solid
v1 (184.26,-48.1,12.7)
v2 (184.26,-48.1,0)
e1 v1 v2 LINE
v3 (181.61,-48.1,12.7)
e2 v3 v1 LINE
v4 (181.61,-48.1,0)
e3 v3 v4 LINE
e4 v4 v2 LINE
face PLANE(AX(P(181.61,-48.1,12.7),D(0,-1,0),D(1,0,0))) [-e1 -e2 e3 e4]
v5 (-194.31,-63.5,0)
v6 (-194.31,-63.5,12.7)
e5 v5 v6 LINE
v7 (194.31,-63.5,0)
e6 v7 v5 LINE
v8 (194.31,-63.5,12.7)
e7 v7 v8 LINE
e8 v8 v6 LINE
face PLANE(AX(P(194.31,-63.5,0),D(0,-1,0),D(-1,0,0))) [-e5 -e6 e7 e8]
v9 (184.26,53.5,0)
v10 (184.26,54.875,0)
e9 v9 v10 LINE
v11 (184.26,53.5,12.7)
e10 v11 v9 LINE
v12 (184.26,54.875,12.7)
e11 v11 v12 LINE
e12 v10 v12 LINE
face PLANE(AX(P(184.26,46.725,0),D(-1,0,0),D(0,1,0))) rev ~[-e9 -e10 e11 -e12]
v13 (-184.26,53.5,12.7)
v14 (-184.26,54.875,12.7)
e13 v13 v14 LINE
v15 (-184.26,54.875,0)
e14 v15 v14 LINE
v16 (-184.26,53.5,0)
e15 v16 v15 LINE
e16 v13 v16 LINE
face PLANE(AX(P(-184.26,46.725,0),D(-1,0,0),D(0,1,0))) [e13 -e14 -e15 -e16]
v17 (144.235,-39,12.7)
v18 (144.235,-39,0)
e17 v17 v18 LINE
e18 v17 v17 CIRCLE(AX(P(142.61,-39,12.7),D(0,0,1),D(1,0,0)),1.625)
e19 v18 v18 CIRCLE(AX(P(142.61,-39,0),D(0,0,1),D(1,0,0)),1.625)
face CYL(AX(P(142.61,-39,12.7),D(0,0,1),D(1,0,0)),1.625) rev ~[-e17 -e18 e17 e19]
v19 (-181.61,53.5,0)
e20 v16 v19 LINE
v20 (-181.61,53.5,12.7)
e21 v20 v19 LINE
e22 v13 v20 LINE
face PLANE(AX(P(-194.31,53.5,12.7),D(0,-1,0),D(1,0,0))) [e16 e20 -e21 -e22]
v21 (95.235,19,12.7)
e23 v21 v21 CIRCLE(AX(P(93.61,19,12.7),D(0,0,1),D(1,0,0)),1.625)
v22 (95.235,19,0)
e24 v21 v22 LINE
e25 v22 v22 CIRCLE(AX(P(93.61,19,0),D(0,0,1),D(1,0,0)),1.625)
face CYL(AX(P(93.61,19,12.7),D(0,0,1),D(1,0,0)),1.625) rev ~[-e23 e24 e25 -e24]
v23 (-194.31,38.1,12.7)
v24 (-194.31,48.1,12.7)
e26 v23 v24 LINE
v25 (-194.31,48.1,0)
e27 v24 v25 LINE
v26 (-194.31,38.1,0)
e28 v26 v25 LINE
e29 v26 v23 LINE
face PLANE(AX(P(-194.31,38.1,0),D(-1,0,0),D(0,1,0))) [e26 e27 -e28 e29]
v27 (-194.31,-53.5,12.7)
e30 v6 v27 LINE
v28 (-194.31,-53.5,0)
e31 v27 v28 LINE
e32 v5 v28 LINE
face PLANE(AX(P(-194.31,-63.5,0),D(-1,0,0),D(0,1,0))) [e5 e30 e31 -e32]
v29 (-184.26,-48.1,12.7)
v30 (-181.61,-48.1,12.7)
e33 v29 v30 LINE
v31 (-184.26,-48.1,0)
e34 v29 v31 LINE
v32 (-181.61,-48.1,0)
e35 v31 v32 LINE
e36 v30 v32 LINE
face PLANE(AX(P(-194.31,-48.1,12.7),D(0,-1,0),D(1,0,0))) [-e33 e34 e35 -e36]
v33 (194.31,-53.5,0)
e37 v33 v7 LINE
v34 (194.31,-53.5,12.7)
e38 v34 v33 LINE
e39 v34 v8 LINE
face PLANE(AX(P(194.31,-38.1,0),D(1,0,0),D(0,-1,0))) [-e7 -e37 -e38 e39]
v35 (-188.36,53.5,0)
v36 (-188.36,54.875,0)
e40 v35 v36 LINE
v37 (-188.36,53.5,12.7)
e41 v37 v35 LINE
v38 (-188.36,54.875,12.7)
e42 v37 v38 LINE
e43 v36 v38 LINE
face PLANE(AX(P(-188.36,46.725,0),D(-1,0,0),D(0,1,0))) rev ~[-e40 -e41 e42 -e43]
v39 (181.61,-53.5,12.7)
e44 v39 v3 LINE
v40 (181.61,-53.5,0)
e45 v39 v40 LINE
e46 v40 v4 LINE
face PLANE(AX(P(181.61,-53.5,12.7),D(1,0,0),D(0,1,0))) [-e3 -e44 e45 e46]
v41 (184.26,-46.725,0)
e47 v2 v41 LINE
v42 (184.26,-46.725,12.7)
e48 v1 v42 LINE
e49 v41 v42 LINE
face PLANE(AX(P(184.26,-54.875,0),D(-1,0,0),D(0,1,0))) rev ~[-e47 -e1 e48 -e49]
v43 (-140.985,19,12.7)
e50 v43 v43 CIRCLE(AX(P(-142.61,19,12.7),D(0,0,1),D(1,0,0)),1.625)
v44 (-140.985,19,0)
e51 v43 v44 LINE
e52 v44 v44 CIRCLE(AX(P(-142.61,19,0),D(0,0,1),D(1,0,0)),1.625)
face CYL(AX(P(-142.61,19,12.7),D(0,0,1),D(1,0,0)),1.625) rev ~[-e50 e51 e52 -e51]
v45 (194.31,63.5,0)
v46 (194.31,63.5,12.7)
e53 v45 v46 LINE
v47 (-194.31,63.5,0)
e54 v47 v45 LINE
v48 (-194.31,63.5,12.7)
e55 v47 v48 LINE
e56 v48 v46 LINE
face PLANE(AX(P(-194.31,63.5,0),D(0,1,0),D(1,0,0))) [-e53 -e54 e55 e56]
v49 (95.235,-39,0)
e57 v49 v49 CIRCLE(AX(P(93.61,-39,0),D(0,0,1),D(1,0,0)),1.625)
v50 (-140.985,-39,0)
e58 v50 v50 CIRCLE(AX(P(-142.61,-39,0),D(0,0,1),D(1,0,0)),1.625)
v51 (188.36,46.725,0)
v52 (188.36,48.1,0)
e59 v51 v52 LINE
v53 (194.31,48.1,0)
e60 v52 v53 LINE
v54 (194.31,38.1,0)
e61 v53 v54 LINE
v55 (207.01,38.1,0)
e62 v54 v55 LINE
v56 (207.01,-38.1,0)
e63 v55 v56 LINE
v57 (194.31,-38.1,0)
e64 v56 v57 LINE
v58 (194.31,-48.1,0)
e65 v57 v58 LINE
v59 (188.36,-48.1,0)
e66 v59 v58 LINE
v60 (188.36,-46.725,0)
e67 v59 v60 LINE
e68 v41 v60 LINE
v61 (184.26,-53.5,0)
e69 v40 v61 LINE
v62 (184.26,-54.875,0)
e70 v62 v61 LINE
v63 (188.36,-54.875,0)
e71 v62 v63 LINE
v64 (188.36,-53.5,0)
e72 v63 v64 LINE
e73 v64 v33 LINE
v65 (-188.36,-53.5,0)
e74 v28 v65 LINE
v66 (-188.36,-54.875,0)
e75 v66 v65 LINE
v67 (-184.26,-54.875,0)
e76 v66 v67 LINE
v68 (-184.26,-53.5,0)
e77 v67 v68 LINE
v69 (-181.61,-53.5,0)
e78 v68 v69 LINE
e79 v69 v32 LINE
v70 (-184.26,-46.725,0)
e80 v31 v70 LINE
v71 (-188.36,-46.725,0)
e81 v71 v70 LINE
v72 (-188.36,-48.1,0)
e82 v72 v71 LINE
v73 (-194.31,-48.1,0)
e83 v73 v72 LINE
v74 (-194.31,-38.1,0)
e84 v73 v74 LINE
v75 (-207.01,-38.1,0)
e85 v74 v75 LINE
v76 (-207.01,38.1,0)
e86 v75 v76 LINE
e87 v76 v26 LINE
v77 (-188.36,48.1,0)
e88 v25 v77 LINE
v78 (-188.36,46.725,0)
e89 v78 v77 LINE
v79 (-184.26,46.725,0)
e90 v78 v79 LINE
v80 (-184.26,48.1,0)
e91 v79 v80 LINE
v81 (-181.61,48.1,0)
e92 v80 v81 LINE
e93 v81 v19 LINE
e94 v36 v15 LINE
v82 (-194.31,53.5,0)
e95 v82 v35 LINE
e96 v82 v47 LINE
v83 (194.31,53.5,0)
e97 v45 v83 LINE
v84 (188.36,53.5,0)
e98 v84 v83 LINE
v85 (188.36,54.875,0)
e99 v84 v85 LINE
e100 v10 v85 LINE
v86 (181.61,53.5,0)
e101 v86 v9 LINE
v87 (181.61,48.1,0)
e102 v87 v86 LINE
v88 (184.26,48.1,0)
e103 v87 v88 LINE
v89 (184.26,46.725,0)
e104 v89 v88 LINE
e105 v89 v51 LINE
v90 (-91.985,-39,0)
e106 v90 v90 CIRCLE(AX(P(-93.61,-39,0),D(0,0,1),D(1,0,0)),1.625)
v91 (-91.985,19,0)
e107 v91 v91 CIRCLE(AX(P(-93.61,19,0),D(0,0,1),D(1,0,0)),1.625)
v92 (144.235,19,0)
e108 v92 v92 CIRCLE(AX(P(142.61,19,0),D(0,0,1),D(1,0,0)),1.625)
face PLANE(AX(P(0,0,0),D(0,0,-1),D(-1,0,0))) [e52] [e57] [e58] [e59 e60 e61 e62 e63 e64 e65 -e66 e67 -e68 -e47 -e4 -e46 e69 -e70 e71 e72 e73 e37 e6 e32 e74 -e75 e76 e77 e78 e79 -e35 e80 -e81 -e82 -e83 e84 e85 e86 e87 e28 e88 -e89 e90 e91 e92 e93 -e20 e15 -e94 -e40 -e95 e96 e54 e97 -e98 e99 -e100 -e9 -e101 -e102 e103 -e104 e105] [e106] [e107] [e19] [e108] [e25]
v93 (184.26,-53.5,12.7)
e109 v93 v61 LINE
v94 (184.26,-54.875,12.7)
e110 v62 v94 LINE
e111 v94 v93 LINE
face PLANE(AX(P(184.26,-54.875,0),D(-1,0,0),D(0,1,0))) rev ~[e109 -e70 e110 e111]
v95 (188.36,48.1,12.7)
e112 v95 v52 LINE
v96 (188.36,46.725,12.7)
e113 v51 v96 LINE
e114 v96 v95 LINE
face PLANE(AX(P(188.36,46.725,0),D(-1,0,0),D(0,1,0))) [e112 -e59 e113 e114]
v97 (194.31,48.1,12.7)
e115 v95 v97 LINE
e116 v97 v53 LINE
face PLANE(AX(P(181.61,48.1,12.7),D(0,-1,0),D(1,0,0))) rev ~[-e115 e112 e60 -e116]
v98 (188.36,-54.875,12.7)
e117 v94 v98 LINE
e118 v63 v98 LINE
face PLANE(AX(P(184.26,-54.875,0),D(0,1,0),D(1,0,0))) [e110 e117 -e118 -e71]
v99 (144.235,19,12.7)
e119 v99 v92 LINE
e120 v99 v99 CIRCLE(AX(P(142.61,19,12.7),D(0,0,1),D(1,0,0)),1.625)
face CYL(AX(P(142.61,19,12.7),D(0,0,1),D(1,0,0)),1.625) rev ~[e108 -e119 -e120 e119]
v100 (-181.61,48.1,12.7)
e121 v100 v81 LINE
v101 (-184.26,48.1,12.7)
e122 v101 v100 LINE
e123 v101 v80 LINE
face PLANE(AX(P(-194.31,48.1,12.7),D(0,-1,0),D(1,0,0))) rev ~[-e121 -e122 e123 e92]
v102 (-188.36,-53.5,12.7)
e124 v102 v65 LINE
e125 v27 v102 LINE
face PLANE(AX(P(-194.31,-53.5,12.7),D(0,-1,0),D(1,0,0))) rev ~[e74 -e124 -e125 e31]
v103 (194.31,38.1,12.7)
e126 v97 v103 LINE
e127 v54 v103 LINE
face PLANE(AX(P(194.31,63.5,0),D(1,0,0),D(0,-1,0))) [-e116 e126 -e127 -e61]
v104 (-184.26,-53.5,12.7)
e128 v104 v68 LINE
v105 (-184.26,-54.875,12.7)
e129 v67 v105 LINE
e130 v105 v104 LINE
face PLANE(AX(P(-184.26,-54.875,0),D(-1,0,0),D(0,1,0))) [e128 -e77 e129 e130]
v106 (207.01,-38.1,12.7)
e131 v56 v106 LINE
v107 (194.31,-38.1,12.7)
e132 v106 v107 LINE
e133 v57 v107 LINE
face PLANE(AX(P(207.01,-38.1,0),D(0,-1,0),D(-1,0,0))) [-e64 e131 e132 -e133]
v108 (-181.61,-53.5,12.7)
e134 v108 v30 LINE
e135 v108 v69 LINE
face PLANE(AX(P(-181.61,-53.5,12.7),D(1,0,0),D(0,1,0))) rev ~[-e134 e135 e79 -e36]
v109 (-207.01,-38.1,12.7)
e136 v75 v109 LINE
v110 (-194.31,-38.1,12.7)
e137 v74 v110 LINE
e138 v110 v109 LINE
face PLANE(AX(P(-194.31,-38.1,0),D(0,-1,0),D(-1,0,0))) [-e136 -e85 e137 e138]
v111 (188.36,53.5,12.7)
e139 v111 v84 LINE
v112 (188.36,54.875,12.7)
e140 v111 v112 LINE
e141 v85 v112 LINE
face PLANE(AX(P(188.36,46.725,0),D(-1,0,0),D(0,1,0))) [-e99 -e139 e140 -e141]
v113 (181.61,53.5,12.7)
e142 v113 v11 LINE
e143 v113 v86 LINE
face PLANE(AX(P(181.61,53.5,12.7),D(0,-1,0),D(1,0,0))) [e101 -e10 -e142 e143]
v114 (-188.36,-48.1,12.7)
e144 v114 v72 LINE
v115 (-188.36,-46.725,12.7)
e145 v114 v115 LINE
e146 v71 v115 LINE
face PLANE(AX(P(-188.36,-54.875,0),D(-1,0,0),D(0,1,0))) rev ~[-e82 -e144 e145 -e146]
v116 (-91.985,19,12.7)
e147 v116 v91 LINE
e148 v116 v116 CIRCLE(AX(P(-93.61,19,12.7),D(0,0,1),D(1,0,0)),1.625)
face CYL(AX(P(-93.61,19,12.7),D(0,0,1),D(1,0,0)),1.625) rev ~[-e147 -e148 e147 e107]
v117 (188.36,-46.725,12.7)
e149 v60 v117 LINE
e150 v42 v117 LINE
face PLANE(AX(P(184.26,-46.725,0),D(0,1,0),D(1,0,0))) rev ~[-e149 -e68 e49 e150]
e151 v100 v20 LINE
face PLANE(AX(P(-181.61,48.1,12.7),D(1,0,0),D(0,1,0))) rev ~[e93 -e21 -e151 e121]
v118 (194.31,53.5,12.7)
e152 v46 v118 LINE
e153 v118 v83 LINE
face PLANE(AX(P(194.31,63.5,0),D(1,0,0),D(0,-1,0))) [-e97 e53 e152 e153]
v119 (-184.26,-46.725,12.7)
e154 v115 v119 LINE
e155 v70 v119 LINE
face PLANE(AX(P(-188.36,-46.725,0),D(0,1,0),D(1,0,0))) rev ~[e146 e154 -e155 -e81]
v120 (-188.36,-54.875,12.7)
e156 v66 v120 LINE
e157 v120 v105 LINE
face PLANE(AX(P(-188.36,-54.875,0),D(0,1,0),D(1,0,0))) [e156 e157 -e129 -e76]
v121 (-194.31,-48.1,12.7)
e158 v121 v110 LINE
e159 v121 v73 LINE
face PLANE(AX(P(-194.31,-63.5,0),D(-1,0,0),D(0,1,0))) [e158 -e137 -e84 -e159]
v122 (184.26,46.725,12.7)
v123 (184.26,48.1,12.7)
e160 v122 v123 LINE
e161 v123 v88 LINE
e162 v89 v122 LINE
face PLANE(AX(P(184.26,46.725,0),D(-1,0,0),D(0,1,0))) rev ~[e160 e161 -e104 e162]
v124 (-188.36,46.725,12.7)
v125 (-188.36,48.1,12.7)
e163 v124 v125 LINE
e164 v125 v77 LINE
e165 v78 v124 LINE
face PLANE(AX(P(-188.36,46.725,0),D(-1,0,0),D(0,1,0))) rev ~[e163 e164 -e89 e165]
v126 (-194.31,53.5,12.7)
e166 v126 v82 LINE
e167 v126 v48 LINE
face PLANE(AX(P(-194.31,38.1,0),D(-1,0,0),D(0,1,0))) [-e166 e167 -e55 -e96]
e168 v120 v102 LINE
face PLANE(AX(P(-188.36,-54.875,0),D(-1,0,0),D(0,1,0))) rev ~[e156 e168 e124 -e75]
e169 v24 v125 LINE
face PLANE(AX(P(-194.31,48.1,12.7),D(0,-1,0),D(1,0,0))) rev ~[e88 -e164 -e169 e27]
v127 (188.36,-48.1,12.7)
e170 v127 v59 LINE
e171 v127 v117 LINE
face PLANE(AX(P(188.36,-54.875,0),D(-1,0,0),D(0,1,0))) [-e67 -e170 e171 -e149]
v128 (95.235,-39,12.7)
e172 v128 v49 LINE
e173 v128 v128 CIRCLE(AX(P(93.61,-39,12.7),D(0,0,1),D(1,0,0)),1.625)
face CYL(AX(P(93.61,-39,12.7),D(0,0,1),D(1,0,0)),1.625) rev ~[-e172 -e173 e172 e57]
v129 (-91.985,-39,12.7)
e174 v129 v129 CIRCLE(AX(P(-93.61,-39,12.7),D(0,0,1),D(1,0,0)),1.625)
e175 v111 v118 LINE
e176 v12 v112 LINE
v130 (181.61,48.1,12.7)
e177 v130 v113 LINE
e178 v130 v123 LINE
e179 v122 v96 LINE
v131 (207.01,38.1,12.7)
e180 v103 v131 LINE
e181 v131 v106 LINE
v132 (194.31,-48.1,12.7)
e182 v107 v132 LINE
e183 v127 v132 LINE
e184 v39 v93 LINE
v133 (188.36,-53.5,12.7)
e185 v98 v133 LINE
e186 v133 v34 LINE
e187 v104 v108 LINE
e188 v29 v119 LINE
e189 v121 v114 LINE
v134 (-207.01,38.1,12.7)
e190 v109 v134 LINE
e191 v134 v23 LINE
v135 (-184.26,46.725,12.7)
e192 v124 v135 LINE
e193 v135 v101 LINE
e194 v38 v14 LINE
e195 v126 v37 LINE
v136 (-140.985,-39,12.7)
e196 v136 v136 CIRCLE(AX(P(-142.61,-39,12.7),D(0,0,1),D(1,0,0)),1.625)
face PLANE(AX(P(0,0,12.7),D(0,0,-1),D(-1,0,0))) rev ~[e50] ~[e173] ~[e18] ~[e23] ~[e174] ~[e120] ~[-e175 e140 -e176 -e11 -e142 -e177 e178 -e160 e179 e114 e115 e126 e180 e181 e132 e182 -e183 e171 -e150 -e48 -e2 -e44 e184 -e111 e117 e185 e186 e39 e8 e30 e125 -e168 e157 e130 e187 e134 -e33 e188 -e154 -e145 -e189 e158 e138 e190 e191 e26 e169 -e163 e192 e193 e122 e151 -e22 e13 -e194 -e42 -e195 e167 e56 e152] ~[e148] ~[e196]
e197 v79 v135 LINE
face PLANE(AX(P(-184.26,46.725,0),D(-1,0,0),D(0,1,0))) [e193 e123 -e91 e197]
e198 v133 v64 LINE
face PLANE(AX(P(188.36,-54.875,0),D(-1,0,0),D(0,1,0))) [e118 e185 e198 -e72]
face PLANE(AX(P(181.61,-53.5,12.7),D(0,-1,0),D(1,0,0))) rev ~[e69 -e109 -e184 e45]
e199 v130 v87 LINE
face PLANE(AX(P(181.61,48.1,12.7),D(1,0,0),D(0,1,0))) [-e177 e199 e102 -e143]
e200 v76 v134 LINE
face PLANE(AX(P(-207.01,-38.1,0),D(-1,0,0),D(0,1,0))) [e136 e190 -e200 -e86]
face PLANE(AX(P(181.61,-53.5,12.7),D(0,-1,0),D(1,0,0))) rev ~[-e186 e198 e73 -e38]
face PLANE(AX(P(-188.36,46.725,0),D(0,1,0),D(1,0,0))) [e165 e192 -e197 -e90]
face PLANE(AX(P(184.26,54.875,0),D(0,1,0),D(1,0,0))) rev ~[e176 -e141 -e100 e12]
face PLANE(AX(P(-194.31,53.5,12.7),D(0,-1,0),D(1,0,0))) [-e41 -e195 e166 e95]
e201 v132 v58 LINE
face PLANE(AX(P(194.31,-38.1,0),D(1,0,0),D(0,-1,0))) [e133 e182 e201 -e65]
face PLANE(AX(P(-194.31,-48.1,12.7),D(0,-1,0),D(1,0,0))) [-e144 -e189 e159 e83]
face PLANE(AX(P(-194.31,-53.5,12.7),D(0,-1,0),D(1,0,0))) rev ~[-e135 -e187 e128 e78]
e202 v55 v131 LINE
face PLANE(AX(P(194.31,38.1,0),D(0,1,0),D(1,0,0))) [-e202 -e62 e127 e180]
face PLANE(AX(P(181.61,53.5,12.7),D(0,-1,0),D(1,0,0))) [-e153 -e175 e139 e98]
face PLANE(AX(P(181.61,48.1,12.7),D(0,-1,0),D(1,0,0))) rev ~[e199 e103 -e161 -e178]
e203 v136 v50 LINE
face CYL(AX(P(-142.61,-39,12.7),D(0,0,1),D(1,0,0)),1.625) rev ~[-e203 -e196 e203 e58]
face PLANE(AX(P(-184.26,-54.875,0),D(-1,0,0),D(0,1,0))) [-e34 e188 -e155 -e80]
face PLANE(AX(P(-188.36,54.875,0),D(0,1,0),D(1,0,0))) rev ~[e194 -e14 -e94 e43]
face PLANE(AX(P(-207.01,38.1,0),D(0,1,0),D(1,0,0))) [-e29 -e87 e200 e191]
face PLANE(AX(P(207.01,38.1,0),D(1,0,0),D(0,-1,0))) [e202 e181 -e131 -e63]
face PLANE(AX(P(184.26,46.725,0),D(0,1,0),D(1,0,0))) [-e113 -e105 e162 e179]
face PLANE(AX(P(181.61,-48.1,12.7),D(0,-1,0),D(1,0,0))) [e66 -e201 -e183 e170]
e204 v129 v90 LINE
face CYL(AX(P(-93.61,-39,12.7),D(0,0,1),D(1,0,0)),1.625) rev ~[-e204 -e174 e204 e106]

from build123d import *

# Parameters (mm, degrees)
BOSS_EXTRUDE1_DEPTH     = 12.7
M5_SHAFT_REACH          = 14.7
SKETCH2_W               = 12.7
SKETCH2_H               = 5.400000122
M5_START                = -12.7
SKETCH3_W               = 4.1
SKETCH3_H               = 8.15
M5_NUT_DEPTH            = 12.7
RASBERRY_PI_HOLES_REACH = 14.7
SKETCH5_R               = 1.625


with BuildPart() as part:
    # Sketch1 → Boss-Extrude1 (new body)
    with BuildSketch(Plane.XY):
        Polygon((194.31, -63.5), (-194.31, -63.5), (-194.31, -38.1), (-207.01, -38.1), (-207.01, 38.1), (-194.31, 38.1), (-194.31, 63.5), (194.31, 63.5), (194.31, 38.1), (207.01, 38.1), (207.01, -38.1), (194.31, -38.1), align=None)
    extrude(amount=BOSS_EXTRUDE1_DEPTH)

    # Sketch2 → m5 shaft (cut, up to next)
    with BuildSketch(Plane.XY.offset(12.7), mode=Mode.PRIVATE) as m5_shaft_sk1:
        with Locations((-187.96, 50.8)):
            Rectangle(SKETCH2_W, SKETCH2_H)
    m5_shaft_tool1 = extrude(m5_shaft_sk1.sketch, amount=-M5_SHAFT_REACH, mode=Mode.PRIVATE) & part.part
    add(m5_shaft_tool1.solids().sort_by_distance((-187.96, 50.8, 12.7))[0], mode=Mode.SUBTRACT)
    # Sketch2 → m5 shaft (cut, up to next)
    with BuildSketch(Plane.XY.offset(12.7), mode=Mode.PRIVATE) as m5_shaft_sk2:
        with Locations((-187.96, -50.8)):
            Rectangle(SKETCH2_W, SKETCH2_H)
    m5_shaft_tool2 = extrude(m5_shaft_sk2.sketch, amount=-M5_SHAFT_REACH, mode=Mode.PRIVATE) & part.part
    add(m5_shaft_tool2.solids().sort_by_distance((-187.96, -50.8, 12.7))[0], mode=Mode.SUBTRACT)
    # Sketch2 → m5 shaft (cut, up to next)
    with BuildSketch(Plane.XY.offset(12.7), mode=Mode.PRIVATE) as m5_shaft_sk3:
        with Locations((187.96, -50.8)):
            Rectangle(SKETCH2_W, SKETCH2_H)
    m5_shaft_tool3 = extrude(m5_shaft_sk3.sketch, amount=-M5_SHAFT_REACH, mode=Mode.PRIVATE) & part.part
    add(m5_shaft_tool3.solids().sort_by_distance((187.96, -50.8, 12.7))[0], mode=Mode.SUBTRACT)
    # Sketch2 → m5 shaft (cut, up to next)
    with BuildSketch(Plane.XY.offset(12.7), mode=Mode.PRIVATE) as m5_shaft_sk4:
        with Locations((187.96, 50.8)):
            Rectangle(SKETCH2_W, SKETCH2_H)
    m5_shaft_tool4 = extrude(m5_shaft_sk4.sketch, amount=-M5_SHAFT_REACH, mode=Mode.PRIVATE) & part.part
    add(m5_shaft_tool4.solids().sort_by_distance((187.96, 50.8, 12.7))[0], mode=Mode.SUBTRACT)

    # Sketch3 → m5 nut (cut)
    with BuildSketch(Plane.XY.offset(12.7).offset(M5_START)):
        with Locations((-186.31, 50.8)):
            Rectangle(SKETCH3_W, SKETCH3_H)
        with Locations((-186.31, -50.8)):
            Rectangle(SKETCH3_W, SKETCH3_H)
        with Locations((186.31, -50.8)):
            Rectangle(SKETCH3_W, SKETCH3_H)
        with Locations((186.31, 50.8)):
            Rectangle(SKETCH3_W, SKETCH3_H)
    extrude(amount=M5_NUT_DEPTH, mode=Mode.SUBTRACT)

    # Sketch5 → rasberry pi holes (cut, up to next)
    with BuildSketch(Plane.XY.offset(12.7), mode=Mode.PRIVATE) as rasberry_pi_holes_sk1:
        with Locations((-142.61, 19)):
            Circle(SKETCH5_R)
    rasberry_pi_holes_tool1 = extrude(rasberry_pi_holes_sk1.sketch, amount=-RASBERRY_PI_HOLES_REACH, mode=Mode.PRIVATE) & part.part
    add(rasberry_pi_holes_tool1.solids().sort_by_distance((-142.61, 19, 12.7))[0], mode=Mode.SUBTRACT)
    # Sketch5 → rasberry pi holes (cut, up to next)
    with BuildSketch(Plane.XY.offset(12.7), mode=Mode.PRIVATE) as rasberry_pi_holes_sk2:
        with Locations((-93.61, 19)):
            Circle(SKETCH5_R)
    rasberry_pi_holes_tool2 = extrude(rasberry_pi_holes_sk2.sketch, amount=-RASBERRY_PI_HOLES_REACH, mode=Mode.PRIVATE) & part.part
    add(rasberry_pi_holes_tool2.solids().sort_by_distance((-93.61, 19, 12.7))[0], mode=Mode.SUBTRACT)
    # Sketch5 → rasberry pi holes (cut, up to next)
    with BuildSketch(Plane.XY.offset(12.7), mode=Mode.PRIVATE) as rasberry_pi_holes_sk3:
        with Locations((-93.61, -39)):
            Circle(SKETCH5_R)
    rasberry_pi_holes_tool3 = extrude(rasberry_pi_holes_sk3.sketch, amount=-RASBERRY_PI_HOLES_REACH, mode=Mode.PRIVATE) & part.part
    add(rasberry_pi_holes_tool3.solids().sort_by_distance((-93.61, -39, 12.7))[0], mode=Mode.SUBTRACT)
    # Sketch5 → rasberry pi holes (cut, up to next)
    with BuildSketch(Plane.XY.offset(12.7), mode=Mode.PRIVATE) as rasberry_pi_holes_sk4:
        with Locations((-142.61, -39)):
            Circle(SKETCH5_R)
    rasberry_pi_holes_tool4 = extrude(rasberry_pi_holes_sk4.sketch, amount=-RASBERRY_PI_HOLES_REACH, mode=Mode.PRIVATE) & part.part
    add(rasberry_pi_holes_tool4.solids().sort_by_distance((-142.61, -39, 12.7))[0], mode=Mode.SUBTRACT)
    # Sketch5 → rasberry pi holes (cut, up to next)
    with BuildSketch(Plane.XY.offset(12.7), mode=Mode.PRIVATE) as rasberry_pi_holes_sk5:
        with Locations((142.61, -39)):
            Circle(SKETCH5_R)
    rasberry_pi_holes_tool5 = extrude(rasberry_pi_holes_sk5.sketch, amount=-RASBERRY_PI_HOLES_REACH, mode=Mode.PRIVATE) & part.part
    add(rasberry_pi_holes_tool5.solids().sort_by_distance((142.61, -39, 12.7))[0], mode=Mode.SUBTRACT)
    # Sketch5 → rasberry pi holes (cut, up to next)
    with BuildSketch(Plane.XY.offset(12.7), mode=Mode.PRIVATE) as rasberry_pi_holes_sk6:
        with Locations((93.61, -39)):
            Circle(SKETCH5_R)
    rasberry_pi_holes_tool6 = extrude(rasberry_pi_holes_sk6.sketch, amount=-RASBERRY_PI_HOLES_REACH, mode=Mode.PRIVATE) & part.part
    add(rasberry_pi_holes_tool6.solids().sort_by_distance((93.61, -39, 12.7))[0], mode=Mode.SUBTRACT)
    # Sketch5 → rasberry pi holes (cut, up to next)
    with BuildSketch(Plane.XY.offset(12.7), mode=Mode.PRIVATE) as rasberry_pi_holes_sk7:
        with Locations((93.61, 19)):
            Circle(SKETCH5_R)
    rasberry_pi_holes_tool7 = extrude(rasberry_pi_holes_sk7.sketch, amount=-RASBERRY_PI_HOLES_REACH, mode=Mode.PRIVATE) & part.part
    add(rasberry_pi_holes_tool7.solids().sort_by_distance((93.61, 19, 12.7))[0], mode=Mode.SUBTRACT)
    # Sketch5 → rasberry pi holes (cut, up to next)
    with BuildSketch(Plane.XY.offset(12.7), mode=Mode.PRIVATE) as rasberry_pi_holes_sk8:
        with Locations((142.61, 19)):
            Circle(SKETCH5_R)
    rasberry_pi_holes_tool8 = extrude(rasberry_pi_holes_sk8.sketch, amount=-RASBERRY_PI_HOLES_REACH, mode=Mode.PRIVATE) & part.part
    add(rasberry_pi_holes_tool8.solids().sort_by_distance((142.61, 19, 12.7))[0], mode=Mode.SUBTRACT)


solid = part.part
